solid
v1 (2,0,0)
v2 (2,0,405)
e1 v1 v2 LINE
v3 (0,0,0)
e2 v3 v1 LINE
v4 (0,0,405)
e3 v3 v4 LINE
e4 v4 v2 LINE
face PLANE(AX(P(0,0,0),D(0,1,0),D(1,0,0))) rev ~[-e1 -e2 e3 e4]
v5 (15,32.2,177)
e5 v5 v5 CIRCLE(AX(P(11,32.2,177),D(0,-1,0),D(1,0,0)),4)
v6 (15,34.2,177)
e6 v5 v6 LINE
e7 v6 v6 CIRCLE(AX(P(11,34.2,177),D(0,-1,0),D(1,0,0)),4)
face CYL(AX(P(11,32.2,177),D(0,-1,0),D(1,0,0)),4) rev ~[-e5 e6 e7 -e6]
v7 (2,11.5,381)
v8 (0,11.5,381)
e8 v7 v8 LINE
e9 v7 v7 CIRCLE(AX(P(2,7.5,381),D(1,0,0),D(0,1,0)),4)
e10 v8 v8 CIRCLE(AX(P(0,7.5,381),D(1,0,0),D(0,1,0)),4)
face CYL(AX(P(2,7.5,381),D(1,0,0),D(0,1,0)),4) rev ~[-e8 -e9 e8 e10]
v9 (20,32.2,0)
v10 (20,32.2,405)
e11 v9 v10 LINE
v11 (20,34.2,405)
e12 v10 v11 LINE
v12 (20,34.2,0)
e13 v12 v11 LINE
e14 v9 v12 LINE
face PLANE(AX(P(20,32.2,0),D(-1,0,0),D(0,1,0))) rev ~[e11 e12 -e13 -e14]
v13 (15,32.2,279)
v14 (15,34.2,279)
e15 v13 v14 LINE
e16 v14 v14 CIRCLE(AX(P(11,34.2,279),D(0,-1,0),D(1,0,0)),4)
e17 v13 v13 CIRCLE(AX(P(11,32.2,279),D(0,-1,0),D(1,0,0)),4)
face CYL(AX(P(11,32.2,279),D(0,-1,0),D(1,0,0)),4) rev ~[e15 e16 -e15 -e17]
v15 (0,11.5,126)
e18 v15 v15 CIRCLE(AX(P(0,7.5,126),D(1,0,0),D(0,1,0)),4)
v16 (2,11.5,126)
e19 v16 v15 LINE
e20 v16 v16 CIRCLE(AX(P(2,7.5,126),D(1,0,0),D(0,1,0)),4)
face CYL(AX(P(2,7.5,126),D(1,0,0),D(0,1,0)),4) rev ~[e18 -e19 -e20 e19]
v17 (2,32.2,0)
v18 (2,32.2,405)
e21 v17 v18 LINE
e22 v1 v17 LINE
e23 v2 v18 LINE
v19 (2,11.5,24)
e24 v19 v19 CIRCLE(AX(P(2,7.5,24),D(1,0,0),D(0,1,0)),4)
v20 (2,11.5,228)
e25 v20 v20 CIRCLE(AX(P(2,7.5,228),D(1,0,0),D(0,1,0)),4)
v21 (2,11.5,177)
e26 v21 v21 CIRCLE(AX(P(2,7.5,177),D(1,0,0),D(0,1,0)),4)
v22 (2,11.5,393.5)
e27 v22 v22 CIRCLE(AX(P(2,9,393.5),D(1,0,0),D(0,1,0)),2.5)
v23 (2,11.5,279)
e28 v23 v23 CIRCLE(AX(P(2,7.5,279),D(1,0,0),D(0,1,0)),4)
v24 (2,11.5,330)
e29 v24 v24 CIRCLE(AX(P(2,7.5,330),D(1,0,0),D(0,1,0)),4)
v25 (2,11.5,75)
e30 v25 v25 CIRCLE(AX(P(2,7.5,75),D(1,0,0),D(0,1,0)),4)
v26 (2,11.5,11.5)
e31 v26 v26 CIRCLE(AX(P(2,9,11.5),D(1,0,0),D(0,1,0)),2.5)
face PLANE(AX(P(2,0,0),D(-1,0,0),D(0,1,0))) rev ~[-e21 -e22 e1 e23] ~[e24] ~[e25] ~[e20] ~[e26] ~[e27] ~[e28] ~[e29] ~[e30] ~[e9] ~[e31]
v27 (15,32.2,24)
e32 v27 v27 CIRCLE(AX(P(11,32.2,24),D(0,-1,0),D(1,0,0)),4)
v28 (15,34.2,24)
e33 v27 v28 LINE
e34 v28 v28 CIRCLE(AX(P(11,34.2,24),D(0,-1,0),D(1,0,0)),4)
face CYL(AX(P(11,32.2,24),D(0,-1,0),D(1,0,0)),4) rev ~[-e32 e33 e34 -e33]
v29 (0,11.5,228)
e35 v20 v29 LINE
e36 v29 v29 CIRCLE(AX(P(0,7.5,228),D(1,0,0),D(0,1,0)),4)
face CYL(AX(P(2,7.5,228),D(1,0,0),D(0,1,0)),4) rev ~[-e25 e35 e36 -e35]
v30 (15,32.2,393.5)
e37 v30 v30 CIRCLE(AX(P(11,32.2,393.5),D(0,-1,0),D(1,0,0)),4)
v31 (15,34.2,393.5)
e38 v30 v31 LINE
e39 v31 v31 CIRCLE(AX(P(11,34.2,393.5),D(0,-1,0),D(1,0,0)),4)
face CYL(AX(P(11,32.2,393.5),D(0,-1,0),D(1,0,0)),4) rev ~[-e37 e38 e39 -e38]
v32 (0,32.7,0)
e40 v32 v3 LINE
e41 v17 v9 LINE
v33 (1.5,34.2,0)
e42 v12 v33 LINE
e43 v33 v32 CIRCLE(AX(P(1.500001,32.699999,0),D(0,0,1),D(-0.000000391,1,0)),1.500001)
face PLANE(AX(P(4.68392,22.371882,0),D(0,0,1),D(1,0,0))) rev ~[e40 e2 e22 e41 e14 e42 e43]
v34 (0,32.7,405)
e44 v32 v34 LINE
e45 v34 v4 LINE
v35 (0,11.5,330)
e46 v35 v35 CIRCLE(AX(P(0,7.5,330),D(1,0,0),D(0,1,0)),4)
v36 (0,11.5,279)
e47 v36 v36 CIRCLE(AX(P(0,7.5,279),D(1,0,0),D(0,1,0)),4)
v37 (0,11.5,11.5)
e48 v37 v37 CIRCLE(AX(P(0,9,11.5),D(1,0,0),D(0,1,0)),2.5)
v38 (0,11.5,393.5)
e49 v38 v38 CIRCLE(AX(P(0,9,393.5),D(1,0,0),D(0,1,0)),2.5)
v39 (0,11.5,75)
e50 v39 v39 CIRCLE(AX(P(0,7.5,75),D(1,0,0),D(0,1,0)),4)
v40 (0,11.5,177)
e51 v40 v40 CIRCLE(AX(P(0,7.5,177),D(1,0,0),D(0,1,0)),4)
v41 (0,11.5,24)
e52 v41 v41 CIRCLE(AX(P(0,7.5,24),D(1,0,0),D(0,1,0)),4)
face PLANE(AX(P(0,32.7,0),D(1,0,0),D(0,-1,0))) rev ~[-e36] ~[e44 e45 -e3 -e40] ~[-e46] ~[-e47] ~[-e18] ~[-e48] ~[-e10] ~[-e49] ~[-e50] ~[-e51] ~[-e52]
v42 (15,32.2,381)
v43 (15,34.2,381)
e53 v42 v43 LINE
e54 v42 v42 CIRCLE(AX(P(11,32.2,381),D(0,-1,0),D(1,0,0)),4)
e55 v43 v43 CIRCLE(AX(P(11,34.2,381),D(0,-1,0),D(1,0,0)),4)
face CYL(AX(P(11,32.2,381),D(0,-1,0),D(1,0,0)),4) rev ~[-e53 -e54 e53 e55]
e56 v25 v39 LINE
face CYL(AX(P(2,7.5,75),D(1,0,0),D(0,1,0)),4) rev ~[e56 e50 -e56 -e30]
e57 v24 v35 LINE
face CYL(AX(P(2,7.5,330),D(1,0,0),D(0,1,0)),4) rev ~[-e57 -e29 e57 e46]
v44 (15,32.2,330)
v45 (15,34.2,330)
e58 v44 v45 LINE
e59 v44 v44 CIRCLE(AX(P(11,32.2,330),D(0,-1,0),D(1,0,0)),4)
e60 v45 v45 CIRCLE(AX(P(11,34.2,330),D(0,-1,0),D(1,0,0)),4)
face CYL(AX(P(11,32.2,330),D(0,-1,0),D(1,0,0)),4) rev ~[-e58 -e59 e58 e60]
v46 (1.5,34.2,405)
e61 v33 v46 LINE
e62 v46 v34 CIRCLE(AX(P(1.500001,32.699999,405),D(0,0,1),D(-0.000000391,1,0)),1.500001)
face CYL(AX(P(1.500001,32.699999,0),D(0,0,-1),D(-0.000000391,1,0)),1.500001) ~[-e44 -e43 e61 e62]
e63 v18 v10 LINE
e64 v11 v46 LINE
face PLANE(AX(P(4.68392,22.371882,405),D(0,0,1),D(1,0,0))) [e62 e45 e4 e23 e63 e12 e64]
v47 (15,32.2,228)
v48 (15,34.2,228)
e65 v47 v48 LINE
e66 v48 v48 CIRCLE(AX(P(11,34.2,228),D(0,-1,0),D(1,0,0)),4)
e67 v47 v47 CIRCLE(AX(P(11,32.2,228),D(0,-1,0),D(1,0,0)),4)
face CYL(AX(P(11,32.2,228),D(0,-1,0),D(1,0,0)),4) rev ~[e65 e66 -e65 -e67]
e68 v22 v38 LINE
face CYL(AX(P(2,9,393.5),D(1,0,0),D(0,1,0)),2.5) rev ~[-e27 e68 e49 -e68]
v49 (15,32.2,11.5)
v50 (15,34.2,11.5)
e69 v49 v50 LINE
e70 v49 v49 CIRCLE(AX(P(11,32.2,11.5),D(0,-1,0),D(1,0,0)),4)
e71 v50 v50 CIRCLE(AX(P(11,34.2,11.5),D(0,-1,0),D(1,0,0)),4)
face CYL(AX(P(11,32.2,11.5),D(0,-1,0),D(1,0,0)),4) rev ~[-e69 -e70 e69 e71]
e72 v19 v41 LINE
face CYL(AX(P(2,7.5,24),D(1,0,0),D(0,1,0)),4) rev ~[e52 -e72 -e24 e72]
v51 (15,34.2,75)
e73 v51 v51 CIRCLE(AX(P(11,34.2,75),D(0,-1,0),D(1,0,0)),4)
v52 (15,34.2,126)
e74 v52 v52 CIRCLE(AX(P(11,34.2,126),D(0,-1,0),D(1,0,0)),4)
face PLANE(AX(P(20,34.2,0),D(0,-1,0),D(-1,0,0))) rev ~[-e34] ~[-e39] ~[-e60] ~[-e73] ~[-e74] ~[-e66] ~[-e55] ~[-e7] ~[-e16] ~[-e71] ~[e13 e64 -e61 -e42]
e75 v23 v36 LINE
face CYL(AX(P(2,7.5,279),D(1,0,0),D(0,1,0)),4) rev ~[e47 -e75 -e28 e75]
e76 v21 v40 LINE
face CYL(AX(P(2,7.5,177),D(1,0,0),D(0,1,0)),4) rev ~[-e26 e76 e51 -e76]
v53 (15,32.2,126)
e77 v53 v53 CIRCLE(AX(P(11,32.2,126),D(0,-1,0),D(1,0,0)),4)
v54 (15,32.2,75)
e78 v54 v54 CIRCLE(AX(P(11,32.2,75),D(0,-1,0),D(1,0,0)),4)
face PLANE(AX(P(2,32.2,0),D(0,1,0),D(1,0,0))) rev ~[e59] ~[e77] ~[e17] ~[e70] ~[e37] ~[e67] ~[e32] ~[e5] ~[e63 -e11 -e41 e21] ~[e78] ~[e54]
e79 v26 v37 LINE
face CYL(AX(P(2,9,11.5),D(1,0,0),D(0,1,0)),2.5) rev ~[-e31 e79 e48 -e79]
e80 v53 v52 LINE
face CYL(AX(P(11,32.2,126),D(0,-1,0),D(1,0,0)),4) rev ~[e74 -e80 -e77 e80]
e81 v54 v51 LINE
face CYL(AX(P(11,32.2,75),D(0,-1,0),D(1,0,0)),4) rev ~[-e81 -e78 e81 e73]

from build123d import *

# Parameters (mm, degrees)
F1_DEPTH = 405
F2_R     = 2.5
F2_R_2   = 4
F3_DEPTH = 2.001
F4_R     = 4
F5_DEPTH = 2.001


with BuildPart() as f1:
    # F0 (on Top) → F1 (new body)
    with BuildSketch(Plane.XY):
        with BuildLine():
            Line((0, 32.7), (0, 0))
            Line((0, 0), (2, 0))
            Line((2, 0), (2, 32.2))
            Line((2, 32.2), (20, 32.2))
            Line((20, 32.2), (20, 34.2))
            Line((20, 34.2), (1.5, 34.2))
            ThreePointArc((1.5, 34.2), (0.43934, 33.76066), (0, 32.7))
        make_face()
    extrude(amount=F1_DEPTH)

    # F2 (on face) → F3 (cut, through all)
    with BuildSketch(Plane.YZ.offset(2)):
        with Locations((9, 393.5)):
            Circle(F2_R)
        with Locations((7.5, 381)):
            Circle(F2_R_2)
        with Locations((7.5, 330)):
            Circle(F2_R_2)
        with Locations((7.5, 279)):
            Circle(F2_R_2)
        with Locations((7.5, 228)):
            Circle(F2_R_2)
        with Locations((7.5, 177)):
            Circle(F2_R_2)
        with Locations((7.5, 126)):
            Circle(F2_R_2)
        with Locations((7.5, 75)):
            Circle(F2_R_2)
        with Locations((7.5, 24)):
            Circle(F2_R_2)
        with Locations((9, 11.5)):
            Circle(F2_R)
    extrude(amount=-F3_DEPTH, mode=Mode.SUBTRACT)

    # F4 (on face) → F5 (cut, through all)
    with BuildSketch(Plane.XZ.offset(-32.2)):
        with Locations((11, 393.5)):
            Circle(F4_R)
        with Locations((11, 381)):
            Circle(F4_R)
        with Locations((11, 330)):
            Circle(F4_R)
        with Locations((11, 279)):
            Circle(F4_R)
        with Locations((11, 228)):
            Circle(F4_R)
        with Locations((11, 177)):
            Circle(F4_R)
        with Locations((11, 126)):
            Circle(F4_R)
        with Locations((11, 75)):
            Circle(F4_R)
        with Locations((11, 11.5)):
            Circle(F4_R)
        with Locations((11, 24)):
            Circle(F4_R)
    extrude(amount=-F5_DEPTH, mode=Mode.SUBTRACT)


solid = f1.part
